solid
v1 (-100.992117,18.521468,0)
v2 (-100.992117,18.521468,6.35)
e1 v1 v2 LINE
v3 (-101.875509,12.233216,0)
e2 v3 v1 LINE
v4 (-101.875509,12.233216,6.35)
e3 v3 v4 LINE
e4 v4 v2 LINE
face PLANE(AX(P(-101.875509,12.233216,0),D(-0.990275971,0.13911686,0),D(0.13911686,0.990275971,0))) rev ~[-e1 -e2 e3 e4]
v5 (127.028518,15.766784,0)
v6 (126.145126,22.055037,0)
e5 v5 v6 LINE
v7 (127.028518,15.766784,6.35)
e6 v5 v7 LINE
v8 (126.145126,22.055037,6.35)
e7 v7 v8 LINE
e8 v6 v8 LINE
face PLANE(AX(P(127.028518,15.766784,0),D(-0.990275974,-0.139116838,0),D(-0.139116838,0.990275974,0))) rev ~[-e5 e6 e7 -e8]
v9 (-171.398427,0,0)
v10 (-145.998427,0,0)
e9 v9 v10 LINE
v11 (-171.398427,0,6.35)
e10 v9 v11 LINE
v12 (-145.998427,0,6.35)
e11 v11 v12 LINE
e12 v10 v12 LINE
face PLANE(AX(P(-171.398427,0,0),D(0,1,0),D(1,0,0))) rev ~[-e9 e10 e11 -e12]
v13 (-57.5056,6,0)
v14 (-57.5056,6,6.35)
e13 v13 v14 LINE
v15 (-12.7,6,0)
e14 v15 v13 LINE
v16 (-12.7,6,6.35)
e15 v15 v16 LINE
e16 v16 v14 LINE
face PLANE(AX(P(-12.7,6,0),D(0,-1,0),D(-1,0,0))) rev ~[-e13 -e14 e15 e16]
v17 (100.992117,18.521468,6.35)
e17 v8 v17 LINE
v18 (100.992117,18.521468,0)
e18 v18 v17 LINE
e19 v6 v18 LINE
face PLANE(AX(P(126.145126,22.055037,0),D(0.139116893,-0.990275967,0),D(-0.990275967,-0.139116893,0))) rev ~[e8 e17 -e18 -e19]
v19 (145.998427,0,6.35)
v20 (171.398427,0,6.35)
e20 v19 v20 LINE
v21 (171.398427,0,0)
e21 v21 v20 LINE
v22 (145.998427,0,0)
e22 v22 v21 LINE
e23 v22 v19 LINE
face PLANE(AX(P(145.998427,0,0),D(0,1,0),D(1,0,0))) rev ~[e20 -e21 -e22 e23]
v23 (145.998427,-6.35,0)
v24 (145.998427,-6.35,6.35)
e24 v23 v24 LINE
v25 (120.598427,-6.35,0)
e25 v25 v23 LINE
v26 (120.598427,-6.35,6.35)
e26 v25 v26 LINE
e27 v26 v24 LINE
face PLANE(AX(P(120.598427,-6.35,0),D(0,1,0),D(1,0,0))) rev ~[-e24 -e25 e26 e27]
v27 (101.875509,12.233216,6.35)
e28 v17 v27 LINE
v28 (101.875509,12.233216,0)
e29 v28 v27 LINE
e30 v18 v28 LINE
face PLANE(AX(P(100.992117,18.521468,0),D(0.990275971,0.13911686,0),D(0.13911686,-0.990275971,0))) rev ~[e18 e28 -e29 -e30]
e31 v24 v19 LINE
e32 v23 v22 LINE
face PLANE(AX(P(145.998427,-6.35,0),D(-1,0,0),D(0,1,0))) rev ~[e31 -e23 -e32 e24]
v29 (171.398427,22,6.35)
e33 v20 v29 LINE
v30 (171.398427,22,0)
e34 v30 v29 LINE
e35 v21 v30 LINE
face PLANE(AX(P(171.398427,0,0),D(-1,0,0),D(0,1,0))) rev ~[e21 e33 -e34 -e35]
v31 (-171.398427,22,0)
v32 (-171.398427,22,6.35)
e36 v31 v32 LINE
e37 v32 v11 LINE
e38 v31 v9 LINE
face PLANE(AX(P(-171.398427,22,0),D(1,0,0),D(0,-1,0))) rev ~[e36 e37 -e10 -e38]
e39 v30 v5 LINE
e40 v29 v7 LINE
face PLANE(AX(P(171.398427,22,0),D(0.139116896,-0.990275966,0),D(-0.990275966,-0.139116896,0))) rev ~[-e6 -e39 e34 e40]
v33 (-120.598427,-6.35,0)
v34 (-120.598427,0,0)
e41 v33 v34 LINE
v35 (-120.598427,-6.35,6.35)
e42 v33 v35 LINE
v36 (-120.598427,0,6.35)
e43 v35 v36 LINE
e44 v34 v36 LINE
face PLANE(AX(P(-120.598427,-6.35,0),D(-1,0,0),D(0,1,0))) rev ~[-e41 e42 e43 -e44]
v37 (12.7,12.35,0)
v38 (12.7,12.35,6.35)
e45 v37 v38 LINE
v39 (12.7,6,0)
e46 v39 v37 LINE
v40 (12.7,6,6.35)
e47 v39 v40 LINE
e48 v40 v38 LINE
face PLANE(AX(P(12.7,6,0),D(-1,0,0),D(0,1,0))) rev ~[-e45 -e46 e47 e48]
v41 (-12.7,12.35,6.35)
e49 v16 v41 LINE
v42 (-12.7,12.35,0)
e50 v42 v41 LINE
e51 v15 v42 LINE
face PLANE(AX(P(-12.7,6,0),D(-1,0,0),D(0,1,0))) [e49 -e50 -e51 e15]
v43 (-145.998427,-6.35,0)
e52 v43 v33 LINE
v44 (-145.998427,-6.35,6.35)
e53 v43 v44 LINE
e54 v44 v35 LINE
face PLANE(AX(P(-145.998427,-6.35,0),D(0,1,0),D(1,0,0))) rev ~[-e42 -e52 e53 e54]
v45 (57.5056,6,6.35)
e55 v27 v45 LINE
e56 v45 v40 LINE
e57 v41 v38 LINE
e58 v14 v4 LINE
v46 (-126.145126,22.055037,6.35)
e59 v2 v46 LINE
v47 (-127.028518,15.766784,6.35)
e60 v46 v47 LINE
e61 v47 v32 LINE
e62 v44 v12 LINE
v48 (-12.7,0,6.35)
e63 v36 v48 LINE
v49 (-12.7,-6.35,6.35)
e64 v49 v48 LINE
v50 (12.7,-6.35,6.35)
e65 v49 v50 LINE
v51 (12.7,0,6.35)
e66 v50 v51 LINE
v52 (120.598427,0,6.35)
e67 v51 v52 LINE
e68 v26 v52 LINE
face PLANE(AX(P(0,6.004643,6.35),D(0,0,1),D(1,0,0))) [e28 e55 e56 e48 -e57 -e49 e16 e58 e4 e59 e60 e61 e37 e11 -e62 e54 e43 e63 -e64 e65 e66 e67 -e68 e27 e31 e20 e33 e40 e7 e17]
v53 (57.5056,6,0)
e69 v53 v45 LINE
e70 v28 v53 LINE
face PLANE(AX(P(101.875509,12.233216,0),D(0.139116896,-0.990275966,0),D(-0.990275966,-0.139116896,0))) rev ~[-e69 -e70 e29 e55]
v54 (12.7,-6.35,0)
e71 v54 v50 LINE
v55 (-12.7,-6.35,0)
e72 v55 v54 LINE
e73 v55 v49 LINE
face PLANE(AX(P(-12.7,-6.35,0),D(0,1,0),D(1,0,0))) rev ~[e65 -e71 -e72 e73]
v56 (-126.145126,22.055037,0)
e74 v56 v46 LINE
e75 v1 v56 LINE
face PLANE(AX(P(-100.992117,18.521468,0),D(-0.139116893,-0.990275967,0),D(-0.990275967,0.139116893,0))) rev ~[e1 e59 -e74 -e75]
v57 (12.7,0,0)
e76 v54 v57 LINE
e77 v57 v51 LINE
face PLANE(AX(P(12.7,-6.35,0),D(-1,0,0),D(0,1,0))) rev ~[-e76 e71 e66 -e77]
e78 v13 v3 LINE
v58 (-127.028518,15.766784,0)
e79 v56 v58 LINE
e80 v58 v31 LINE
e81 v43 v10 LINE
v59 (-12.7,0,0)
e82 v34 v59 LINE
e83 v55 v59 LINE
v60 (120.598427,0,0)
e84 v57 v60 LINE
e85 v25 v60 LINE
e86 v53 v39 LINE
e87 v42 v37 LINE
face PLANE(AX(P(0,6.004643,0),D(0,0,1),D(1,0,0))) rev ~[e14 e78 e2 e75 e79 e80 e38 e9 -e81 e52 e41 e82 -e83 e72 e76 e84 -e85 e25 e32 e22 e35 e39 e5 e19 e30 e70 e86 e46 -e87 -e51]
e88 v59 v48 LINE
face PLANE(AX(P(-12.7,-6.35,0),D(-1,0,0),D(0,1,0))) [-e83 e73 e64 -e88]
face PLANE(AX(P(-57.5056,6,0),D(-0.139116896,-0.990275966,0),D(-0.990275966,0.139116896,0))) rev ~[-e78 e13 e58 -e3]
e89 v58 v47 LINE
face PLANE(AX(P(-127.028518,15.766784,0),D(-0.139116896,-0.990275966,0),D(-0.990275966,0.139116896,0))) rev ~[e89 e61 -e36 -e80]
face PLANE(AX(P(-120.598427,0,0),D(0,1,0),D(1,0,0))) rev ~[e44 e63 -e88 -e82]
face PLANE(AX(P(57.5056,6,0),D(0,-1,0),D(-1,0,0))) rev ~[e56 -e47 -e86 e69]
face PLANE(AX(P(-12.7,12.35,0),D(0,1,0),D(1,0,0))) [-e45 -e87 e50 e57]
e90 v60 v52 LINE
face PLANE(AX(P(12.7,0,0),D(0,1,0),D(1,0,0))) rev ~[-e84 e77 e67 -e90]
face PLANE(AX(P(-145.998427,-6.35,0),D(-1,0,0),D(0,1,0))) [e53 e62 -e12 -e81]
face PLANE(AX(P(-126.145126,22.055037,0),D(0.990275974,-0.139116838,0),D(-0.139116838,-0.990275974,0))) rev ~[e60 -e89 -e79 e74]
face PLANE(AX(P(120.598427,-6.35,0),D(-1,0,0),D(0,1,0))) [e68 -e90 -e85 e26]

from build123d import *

# Parameters (mm, degrees)
F0_W     = 25.4
F0_H     = 6.35
F1_DEPTH = 6.35


with BuildPart() as f1:
    # F0 (on Top) → F1 (new body)
    with BuildSketch(Plane.XY):
        Polygon((-171.398427, 22), (-171.398427, 0), (-145.998427, 0), (-120.598427, 0), (-12.7, 0), (12.7, 0), (120.598427, 0), (145.998427, 0), (171.398427, 0), (171.398427, 22), (127.028518, 15.766784), (101.875509, 12.233216), (57.5056, 6), (12.7, 6), (-12.7, 6), (-57.5056, 6), (-101.875509, 12.233216), (-127.028518, 15.766784), align=None)
        with Locations((-133.298427, -3.175)):
            Rectangle(F0_W, F0_H)
        Polygon((-126.145126, 22.055037), (-127.028518, 15.766784), (-101.875509, 12.233216), (-100.992117, 18.521468), align=None)
        with Locations((0, -3.175)):
            Rectangle(F0_W, F0_H)
        with Locations((133.298427, -3.175)):
            Rectangle(F0_W, F0_H)
        with Locations((0, 9.175)):
            Rectangle(F0_W, F0_H)
        Polygon((100.992117, 18.521468), (101.875509, 12.233216), (127.028518, 15.766784), (126.145126, 22.055037), align=None)
    extrude(amount=F1_DEPTH)


solid = f1.part
